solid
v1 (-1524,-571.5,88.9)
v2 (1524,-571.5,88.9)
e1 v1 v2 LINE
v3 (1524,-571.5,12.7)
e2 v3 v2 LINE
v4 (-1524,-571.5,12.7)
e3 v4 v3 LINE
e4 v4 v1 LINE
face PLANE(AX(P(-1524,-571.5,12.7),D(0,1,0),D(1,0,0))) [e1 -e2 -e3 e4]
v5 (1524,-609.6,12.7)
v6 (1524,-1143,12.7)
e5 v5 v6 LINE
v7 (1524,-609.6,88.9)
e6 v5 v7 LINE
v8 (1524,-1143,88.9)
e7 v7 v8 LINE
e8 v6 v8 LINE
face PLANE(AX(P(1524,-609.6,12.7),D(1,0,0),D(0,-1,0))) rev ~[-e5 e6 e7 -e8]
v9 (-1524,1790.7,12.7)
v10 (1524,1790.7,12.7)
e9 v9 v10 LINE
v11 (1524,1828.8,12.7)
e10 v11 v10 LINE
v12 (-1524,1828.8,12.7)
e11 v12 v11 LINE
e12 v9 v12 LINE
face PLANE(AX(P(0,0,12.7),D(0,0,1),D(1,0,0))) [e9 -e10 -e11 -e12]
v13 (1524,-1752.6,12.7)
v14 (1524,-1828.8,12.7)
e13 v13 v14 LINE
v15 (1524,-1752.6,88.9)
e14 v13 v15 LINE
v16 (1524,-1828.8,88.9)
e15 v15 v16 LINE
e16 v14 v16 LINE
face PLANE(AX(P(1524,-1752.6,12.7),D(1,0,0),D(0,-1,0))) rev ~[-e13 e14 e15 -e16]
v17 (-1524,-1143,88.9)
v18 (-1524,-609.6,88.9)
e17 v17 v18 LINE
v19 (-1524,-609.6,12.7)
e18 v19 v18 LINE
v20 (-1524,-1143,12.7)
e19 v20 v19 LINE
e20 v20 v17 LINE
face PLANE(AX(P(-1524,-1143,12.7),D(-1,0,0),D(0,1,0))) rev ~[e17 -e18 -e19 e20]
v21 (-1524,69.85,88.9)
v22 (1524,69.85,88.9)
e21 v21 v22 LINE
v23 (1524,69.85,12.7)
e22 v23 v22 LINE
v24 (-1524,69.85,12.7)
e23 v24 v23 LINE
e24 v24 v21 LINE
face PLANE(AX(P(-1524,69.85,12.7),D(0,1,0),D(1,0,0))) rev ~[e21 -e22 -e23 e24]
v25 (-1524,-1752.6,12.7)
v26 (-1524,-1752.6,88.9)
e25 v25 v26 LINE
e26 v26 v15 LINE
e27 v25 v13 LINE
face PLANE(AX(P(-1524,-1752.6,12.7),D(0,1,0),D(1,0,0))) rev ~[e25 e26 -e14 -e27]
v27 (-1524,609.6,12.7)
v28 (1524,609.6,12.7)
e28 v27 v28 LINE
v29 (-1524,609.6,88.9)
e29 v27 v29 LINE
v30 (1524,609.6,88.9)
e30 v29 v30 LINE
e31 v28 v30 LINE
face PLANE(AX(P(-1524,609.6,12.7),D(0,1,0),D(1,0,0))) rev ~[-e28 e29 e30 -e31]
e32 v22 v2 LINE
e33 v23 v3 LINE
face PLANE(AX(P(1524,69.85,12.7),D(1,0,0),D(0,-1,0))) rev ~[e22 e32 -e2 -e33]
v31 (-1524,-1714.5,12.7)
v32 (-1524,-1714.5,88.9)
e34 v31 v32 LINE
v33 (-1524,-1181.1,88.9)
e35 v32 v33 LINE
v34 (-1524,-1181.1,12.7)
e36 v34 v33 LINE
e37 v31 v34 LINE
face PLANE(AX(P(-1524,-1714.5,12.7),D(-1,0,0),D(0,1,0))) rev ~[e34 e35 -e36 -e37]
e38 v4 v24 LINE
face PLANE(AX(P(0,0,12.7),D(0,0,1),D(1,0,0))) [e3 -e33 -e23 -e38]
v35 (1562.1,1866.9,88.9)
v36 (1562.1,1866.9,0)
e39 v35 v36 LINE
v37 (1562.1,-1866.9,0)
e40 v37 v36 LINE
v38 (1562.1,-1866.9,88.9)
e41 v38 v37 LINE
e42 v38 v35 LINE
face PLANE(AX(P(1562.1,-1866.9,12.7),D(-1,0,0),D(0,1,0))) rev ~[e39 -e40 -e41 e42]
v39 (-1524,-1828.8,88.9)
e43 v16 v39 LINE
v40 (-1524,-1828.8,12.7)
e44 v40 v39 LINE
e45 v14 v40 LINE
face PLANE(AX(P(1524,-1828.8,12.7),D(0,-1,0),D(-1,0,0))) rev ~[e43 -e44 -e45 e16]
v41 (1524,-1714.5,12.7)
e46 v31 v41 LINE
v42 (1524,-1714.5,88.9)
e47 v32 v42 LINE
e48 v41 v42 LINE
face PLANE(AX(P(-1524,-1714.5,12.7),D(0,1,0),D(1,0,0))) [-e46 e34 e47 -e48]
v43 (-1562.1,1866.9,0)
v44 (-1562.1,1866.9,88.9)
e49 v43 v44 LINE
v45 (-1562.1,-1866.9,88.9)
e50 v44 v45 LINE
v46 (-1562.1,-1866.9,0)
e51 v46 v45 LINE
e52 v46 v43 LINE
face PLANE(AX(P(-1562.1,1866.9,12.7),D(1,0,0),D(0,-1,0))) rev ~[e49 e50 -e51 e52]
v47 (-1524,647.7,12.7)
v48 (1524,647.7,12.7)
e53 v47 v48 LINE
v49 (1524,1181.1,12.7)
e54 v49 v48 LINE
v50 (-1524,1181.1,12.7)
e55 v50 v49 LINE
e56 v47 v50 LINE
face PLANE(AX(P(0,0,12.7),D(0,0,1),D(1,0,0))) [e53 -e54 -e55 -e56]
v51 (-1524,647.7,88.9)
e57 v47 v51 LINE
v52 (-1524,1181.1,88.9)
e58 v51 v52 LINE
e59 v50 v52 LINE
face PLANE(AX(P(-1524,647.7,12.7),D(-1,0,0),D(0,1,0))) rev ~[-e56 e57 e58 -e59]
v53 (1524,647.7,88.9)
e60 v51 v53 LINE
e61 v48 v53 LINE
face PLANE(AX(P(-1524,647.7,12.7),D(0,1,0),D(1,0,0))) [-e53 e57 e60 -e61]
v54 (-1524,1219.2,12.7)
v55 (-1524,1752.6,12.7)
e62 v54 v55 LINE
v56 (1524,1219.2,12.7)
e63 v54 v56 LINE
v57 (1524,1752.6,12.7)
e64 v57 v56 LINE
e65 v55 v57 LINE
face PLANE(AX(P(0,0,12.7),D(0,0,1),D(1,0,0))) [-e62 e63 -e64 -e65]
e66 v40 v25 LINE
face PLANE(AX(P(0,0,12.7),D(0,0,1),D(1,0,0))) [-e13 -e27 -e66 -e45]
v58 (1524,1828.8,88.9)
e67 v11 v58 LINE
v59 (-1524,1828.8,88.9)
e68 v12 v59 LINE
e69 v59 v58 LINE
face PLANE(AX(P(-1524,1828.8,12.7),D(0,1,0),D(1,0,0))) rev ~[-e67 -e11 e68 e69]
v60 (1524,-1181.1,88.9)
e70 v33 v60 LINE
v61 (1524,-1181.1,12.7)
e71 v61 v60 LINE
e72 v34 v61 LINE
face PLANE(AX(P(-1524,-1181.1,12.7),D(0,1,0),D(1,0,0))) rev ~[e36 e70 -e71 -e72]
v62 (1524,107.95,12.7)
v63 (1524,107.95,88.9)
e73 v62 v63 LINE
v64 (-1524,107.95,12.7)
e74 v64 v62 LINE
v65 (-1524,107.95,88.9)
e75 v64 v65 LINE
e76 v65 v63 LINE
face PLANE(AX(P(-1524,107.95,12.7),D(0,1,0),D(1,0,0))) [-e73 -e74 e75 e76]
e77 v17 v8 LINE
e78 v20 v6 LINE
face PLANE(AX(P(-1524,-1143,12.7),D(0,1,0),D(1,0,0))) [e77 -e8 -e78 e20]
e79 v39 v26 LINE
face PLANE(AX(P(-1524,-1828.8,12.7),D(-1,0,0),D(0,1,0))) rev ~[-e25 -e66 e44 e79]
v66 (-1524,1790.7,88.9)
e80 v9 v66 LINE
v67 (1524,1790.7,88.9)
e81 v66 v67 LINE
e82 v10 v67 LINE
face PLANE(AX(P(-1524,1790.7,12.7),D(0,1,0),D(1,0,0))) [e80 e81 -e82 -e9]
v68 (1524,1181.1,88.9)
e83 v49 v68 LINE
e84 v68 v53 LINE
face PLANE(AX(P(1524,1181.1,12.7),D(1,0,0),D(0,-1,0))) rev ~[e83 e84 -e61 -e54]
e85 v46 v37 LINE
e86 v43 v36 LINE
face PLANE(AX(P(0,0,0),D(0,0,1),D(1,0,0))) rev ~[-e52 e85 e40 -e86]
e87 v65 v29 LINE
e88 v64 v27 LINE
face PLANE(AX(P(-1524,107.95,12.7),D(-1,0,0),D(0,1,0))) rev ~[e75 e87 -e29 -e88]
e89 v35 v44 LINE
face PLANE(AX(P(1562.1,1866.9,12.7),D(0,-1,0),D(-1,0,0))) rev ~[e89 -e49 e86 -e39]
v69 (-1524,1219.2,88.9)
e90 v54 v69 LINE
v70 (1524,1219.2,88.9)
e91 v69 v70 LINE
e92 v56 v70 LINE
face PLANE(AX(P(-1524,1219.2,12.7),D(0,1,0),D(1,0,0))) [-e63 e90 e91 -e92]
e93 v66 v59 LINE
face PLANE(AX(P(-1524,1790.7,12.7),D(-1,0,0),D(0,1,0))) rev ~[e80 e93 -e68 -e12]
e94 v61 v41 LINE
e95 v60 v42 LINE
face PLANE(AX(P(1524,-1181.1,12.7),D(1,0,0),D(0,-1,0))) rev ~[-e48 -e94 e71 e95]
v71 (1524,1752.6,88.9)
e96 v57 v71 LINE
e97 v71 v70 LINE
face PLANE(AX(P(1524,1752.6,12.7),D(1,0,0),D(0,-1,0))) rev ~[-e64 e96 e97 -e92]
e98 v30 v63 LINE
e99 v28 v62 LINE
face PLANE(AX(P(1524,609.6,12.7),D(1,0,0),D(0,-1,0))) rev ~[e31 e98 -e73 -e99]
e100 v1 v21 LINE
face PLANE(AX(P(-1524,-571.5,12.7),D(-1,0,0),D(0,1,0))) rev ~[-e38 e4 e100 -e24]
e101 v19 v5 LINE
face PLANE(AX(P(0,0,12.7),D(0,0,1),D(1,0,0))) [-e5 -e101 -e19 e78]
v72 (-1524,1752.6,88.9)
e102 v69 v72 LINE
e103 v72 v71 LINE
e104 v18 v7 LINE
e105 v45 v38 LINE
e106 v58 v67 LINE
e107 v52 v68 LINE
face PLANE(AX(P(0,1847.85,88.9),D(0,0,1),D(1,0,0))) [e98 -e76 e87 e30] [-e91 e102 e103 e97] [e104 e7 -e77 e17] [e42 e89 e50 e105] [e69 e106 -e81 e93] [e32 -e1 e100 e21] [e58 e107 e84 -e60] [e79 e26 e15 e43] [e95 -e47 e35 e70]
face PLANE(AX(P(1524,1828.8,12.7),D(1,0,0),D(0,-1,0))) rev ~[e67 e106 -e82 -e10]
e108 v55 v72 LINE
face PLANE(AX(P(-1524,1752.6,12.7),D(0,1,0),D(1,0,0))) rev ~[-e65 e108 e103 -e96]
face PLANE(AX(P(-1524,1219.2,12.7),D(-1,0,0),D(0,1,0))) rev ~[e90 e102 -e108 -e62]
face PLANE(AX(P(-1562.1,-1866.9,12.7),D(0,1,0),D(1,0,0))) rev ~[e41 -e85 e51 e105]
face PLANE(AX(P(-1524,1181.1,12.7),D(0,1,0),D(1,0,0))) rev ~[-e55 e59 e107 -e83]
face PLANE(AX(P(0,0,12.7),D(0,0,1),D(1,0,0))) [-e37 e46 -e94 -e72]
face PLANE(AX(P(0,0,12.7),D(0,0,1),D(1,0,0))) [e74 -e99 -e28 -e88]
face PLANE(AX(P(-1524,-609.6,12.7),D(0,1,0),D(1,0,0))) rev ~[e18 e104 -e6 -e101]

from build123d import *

# Parameters (mm, degrees)
F0_W     = 3124.2
F0_H     = 3733.8
F1_DEPTH = 12.7
F2_W     = 3048
F2_H     = 38.1
F3_DEPTH = 76.2


with BuildPart() as f1:
    # F0 (on Top) → F1 (new body)
    with BuildSketch(Plane.XY):
        Rectangle(F0_W, F0_H)
    extrude(amount=F1_DEPTH)

    # F2 (on face) → F3 (join)
    with BuildSketch(Plane.XY.offset(12.7)):
        Polygon((1562.1, 1866.9), (-1562.1, 1866.9), (-1562.1, 1828.8), (-1524, 1828.8), (1524, 1828.8), (1562.1, 1828.8), align=None)
        Polygon((-1524, 1828.8), (-1562.1, 1828.8), (-1562.1, -1828.8), (-1524, -1828.8), (-1524, -1752.6), (-1524, -1714.5), (-1524, -1181.1), (-1524, -1143), (-1524, -609.6), (-1524, -571.5), (-1524, 69.85), (-1524, 107.95), (-1524, 609.6), (-1524, 647.7), (-1524, 1181.1), (-1524, 1219.2), (-1524, 1752.6), (-1524, 1790.7), align=None)
        Polygon((1562.1, -1828.8), (1562.1, 1828.8), (1524, 1828.8), (1524, 1790.7), (1524, 1752.6), (1524, 1219.2), (1524, 1181.1), (1524, 647.7), (1524, 609.6), (1524, 107.95), (1524, 69.85), (1524, -38.1), (1524, -571.5), (1524, -609.6), (1524, -1143), (1524, -1181.1), (1524, -1714.5), (1524, -1752.6), (1524, -1828.8), align=None)
        Polygon((-1524, -1828.8), (-1562.1, -1828.8), (-1562.1, -1866.9), (1562.1, -1866.9), (1562.1, -1828.8), (1524, -1828.8), align=None)
        with Locations((0, 1771.65)):
            Rectangle(F2_W, F2_H)
        with Locations((0, 1200.15)):
            Rectangle(F2_W, F2_H)
        with Locations((0, 628.65)):
            Rectangle(F2_W, F2_H)
        with Locations((0, 88.9)):
            Rectangle(F2_W, F2_H)
        with Locations((0, -590.55)):
            Rectangle(F2_W, F2_H)
        with Locations((0, -1733.55)):
            Rectangle(F2_W, F2_H)
        with Locations((0, -1162.05)):
            Rectangle(F2_W, F2_H)
    extrude(amount=F3_DEPTH)


solid = f1.part
